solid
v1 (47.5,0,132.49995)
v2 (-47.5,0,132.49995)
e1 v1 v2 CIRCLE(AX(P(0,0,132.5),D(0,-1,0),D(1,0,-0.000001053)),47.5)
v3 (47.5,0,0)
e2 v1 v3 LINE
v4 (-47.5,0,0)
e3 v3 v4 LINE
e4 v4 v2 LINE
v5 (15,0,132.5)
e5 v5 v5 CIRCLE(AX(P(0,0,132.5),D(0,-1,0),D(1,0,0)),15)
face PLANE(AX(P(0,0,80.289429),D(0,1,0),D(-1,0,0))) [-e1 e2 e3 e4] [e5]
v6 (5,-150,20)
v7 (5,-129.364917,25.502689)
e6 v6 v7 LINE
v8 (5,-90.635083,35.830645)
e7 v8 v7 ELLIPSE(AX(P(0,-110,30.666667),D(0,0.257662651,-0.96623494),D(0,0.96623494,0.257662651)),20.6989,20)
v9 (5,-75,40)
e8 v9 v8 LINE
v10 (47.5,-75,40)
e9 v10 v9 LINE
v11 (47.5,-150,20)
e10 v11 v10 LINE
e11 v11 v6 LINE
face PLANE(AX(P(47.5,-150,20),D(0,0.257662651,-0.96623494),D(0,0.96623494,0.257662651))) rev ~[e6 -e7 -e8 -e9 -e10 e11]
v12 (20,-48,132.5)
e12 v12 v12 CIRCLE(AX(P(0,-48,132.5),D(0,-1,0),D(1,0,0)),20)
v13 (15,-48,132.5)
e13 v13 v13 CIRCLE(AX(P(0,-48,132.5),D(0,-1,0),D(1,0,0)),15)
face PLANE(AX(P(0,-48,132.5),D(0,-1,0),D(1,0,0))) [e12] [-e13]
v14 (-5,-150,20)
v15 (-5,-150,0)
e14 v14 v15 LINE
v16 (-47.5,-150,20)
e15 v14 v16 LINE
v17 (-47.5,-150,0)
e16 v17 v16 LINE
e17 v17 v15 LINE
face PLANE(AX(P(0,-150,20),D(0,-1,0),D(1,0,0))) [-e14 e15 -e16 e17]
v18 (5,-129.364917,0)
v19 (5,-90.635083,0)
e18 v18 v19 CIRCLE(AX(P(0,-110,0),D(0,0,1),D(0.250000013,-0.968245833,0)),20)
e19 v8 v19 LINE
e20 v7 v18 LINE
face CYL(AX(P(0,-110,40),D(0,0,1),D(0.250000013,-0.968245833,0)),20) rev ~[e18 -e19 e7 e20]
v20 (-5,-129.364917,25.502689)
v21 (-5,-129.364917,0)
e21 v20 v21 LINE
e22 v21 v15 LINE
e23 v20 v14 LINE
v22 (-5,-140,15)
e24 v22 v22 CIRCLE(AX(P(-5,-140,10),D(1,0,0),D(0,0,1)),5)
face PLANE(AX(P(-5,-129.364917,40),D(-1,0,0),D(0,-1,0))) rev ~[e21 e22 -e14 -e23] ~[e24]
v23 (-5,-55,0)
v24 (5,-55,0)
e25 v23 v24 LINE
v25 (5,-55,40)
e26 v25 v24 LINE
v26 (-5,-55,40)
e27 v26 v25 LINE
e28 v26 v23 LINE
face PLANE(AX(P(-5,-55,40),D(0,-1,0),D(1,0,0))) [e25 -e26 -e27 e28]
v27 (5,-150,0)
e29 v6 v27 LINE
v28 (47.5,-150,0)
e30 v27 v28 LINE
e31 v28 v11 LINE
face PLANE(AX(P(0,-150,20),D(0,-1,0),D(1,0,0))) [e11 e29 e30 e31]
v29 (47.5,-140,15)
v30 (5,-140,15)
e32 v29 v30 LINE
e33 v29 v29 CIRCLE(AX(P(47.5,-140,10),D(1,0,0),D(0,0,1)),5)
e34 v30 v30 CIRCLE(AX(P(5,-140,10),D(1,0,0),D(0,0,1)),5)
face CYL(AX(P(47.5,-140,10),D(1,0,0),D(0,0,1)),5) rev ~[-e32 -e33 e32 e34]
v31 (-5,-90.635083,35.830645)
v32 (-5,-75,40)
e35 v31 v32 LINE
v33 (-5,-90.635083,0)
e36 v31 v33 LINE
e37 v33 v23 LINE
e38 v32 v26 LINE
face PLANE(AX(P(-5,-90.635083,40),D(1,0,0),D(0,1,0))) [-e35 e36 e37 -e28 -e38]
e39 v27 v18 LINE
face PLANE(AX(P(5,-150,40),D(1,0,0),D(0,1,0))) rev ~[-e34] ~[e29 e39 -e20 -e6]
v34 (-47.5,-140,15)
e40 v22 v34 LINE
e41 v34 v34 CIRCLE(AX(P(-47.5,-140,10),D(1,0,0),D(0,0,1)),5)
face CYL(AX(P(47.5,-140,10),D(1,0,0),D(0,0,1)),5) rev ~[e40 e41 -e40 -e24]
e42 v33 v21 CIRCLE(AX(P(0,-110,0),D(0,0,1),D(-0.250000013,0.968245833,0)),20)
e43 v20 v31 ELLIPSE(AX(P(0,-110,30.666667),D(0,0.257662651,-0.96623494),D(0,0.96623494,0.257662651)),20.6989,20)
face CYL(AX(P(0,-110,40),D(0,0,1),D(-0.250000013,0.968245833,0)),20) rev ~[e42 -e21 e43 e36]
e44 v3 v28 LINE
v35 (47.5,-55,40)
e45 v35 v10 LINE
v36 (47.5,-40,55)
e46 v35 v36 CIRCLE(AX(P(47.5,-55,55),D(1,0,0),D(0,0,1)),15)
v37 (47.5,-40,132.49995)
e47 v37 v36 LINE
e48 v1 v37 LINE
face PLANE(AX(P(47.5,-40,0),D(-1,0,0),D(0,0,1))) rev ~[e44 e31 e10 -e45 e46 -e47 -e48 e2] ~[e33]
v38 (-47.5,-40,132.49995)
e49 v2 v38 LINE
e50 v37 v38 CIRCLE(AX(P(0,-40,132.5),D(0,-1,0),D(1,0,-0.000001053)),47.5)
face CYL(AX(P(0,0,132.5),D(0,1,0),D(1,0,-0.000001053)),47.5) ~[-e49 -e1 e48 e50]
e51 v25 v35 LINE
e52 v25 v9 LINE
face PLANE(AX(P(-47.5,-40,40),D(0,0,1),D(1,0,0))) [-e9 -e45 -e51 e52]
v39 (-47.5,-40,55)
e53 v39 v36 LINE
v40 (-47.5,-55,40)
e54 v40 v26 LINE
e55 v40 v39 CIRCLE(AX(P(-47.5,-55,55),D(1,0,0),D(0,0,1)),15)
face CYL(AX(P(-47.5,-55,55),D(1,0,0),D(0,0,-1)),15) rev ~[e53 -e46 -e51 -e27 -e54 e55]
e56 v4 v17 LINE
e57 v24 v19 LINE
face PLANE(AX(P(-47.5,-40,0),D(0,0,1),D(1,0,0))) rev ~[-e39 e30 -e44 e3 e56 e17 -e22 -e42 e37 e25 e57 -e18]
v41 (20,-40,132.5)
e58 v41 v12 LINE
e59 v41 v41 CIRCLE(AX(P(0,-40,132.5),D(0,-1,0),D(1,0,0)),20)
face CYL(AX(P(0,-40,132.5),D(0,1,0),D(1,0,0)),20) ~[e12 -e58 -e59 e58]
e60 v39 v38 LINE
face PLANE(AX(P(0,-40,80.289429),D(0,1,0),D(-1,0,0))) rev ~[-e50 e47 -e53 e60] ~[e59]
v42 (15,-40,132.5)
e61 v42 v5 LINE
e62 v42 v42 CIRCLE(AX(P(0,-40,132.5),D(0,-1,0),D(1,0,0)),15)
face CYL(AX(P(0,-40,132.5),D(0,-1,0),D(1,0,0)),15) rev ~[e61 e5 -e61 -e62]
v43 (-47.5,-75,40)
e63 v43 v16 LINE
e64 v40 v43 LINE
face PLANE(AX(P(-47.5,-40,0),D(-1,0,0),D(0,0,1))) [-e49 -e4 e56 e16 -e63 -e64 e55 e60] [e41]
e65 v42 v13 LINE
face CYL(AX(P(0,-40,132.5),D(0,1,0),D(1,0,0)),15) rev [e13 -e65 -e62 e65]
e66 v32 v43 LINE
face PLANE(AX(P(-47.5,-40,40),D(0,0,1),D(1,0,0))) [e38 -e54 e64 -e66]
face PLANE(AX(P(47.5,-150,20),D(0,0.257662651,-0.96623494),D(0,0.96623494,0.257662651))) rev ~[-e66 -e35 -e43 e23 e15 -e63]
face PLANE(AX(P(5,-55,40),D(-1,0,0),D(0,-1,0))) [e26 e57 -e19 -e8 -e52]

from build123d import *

# Parameters (mm, degrees)
PAD_DEPTH       = 40
SKETCH001_W     = 95
SKETCH001_H     = 40
PAD001_DEPTH    = 110
SKETCH002_R     = 20
SKETCH002_R_2   = 15
PAD002_DEPTH    = 8
SKETCH003_R     = 15
POCKET_DEPTH    = 40.001
FILLET_R        = 15
POCKET001_DEPTH = 40.001
POCKET002_DEPTH = 95.001
SKETCH006_R     = 5
POCKET003_DEPTH = 95.001


with BuildPart() as part:
    # Sketch → Pad (new body)
    with BuildSketch(Plane.XZ):
        with BuildLine():
            Line((47.5, 132.49995), (47.5, 0))
            Line((47.5, 0), (-47.5, 0))
            Line((-47.5, 0), (-47.5, 132.49995))
            ThreePointArc((47.5, 132.49995), (0, 180), (-47.5, 132.49995))
        make_face()
    extrude(amount=PAD_DEPTH)

    # Sketch001 → Pad001 (new body)
    with BuildSketch(Plane.XZ.offset(40)):
        with Locations((0, 20)):
            Rectangle(SKETCH001_W, SKETCH001_H)
    extrude(amount=PAD001_DEPTH)

    # Sketch002 → Pad002 (new body)
    with BuildSketch(Plane.XZ.offset(40)):
        with Locations((0, 132.5)):
            Circle(SKETCH002_R)
        with Locations((0, 132.5)):
            Circle(SKETCH002_R_2, mode=Mode.SUBTRACT)
    extrude(amount=PAD002_DEPTH)

    # Sketch003 → Pocket (cut, through all)
    with BuildSketch(Plane.XZ.offset(40)):
        with Locations((0, 132.5)):
            Circle(SKETCH003_R)
    extrude(amount=-POCKET_DEPTH, mode=Mode.SUBTRACT)

    # Fillet
    fillet_edges = [part.edges().sort_by_distance(p)[0] for p in [
        (0, -40, 40),
    ]]
    fillet(fillet_edges, radius=FILLET_R)

    # Sketch004 → Pocket001 (cut, through all)
    with BuildSketch(Plane(origin=(0, 0, 40), x_dir=(-1, 0, 0), z_dir=(0, 0, 1))):
        with BuildLine():
            ThreePointArc((-5, 129.364917), (-20, 110), (-5, 90.635083))
            Line((-5, 55), (-5, 90.635083))
            Line((5, 55), (-5, 55))
            Line((5, 90.635083), (5, 55))
            ThreePointArc((5, 90.635083), (20, 110), (5, 129.364917))
            Line((5, 129.364917), (5, 150))
            Line((5, 150), (-5, 150))
            Line((-5, 150), (-5, 129.364917))
        make_face()
    extrude(amount=-POCKET001_DEPTH, mode=Mode.SUBTRACT)

    # Sketch005 → Pocket002 (cut, through all)
    with BuildSketch(Plane(origin=(47.5, 0, 0), x_dir=(0, 0, 1), z_dir=(1, 0, 0))):
        Polygon((40, 150), (20, 150), (40, 75), align=None)
    extrude(amount=-POCKET002_DEPTH, mode=Mode.SUBTRACT)

    # Sketch006 → Pocket003 (cut, through all)
    with BuildSketch(Plane(origin=(47.5, 0, 0), x_dir=(0, 0, 1), z_dir=(1, 0, 0))):
        with Locations((10, 140)):
            Circle(SKETCH006_R)
    extrude(amount=-POCKET003_DEPTH, mode=Mode.SUBTRACT)


solid = part.part
